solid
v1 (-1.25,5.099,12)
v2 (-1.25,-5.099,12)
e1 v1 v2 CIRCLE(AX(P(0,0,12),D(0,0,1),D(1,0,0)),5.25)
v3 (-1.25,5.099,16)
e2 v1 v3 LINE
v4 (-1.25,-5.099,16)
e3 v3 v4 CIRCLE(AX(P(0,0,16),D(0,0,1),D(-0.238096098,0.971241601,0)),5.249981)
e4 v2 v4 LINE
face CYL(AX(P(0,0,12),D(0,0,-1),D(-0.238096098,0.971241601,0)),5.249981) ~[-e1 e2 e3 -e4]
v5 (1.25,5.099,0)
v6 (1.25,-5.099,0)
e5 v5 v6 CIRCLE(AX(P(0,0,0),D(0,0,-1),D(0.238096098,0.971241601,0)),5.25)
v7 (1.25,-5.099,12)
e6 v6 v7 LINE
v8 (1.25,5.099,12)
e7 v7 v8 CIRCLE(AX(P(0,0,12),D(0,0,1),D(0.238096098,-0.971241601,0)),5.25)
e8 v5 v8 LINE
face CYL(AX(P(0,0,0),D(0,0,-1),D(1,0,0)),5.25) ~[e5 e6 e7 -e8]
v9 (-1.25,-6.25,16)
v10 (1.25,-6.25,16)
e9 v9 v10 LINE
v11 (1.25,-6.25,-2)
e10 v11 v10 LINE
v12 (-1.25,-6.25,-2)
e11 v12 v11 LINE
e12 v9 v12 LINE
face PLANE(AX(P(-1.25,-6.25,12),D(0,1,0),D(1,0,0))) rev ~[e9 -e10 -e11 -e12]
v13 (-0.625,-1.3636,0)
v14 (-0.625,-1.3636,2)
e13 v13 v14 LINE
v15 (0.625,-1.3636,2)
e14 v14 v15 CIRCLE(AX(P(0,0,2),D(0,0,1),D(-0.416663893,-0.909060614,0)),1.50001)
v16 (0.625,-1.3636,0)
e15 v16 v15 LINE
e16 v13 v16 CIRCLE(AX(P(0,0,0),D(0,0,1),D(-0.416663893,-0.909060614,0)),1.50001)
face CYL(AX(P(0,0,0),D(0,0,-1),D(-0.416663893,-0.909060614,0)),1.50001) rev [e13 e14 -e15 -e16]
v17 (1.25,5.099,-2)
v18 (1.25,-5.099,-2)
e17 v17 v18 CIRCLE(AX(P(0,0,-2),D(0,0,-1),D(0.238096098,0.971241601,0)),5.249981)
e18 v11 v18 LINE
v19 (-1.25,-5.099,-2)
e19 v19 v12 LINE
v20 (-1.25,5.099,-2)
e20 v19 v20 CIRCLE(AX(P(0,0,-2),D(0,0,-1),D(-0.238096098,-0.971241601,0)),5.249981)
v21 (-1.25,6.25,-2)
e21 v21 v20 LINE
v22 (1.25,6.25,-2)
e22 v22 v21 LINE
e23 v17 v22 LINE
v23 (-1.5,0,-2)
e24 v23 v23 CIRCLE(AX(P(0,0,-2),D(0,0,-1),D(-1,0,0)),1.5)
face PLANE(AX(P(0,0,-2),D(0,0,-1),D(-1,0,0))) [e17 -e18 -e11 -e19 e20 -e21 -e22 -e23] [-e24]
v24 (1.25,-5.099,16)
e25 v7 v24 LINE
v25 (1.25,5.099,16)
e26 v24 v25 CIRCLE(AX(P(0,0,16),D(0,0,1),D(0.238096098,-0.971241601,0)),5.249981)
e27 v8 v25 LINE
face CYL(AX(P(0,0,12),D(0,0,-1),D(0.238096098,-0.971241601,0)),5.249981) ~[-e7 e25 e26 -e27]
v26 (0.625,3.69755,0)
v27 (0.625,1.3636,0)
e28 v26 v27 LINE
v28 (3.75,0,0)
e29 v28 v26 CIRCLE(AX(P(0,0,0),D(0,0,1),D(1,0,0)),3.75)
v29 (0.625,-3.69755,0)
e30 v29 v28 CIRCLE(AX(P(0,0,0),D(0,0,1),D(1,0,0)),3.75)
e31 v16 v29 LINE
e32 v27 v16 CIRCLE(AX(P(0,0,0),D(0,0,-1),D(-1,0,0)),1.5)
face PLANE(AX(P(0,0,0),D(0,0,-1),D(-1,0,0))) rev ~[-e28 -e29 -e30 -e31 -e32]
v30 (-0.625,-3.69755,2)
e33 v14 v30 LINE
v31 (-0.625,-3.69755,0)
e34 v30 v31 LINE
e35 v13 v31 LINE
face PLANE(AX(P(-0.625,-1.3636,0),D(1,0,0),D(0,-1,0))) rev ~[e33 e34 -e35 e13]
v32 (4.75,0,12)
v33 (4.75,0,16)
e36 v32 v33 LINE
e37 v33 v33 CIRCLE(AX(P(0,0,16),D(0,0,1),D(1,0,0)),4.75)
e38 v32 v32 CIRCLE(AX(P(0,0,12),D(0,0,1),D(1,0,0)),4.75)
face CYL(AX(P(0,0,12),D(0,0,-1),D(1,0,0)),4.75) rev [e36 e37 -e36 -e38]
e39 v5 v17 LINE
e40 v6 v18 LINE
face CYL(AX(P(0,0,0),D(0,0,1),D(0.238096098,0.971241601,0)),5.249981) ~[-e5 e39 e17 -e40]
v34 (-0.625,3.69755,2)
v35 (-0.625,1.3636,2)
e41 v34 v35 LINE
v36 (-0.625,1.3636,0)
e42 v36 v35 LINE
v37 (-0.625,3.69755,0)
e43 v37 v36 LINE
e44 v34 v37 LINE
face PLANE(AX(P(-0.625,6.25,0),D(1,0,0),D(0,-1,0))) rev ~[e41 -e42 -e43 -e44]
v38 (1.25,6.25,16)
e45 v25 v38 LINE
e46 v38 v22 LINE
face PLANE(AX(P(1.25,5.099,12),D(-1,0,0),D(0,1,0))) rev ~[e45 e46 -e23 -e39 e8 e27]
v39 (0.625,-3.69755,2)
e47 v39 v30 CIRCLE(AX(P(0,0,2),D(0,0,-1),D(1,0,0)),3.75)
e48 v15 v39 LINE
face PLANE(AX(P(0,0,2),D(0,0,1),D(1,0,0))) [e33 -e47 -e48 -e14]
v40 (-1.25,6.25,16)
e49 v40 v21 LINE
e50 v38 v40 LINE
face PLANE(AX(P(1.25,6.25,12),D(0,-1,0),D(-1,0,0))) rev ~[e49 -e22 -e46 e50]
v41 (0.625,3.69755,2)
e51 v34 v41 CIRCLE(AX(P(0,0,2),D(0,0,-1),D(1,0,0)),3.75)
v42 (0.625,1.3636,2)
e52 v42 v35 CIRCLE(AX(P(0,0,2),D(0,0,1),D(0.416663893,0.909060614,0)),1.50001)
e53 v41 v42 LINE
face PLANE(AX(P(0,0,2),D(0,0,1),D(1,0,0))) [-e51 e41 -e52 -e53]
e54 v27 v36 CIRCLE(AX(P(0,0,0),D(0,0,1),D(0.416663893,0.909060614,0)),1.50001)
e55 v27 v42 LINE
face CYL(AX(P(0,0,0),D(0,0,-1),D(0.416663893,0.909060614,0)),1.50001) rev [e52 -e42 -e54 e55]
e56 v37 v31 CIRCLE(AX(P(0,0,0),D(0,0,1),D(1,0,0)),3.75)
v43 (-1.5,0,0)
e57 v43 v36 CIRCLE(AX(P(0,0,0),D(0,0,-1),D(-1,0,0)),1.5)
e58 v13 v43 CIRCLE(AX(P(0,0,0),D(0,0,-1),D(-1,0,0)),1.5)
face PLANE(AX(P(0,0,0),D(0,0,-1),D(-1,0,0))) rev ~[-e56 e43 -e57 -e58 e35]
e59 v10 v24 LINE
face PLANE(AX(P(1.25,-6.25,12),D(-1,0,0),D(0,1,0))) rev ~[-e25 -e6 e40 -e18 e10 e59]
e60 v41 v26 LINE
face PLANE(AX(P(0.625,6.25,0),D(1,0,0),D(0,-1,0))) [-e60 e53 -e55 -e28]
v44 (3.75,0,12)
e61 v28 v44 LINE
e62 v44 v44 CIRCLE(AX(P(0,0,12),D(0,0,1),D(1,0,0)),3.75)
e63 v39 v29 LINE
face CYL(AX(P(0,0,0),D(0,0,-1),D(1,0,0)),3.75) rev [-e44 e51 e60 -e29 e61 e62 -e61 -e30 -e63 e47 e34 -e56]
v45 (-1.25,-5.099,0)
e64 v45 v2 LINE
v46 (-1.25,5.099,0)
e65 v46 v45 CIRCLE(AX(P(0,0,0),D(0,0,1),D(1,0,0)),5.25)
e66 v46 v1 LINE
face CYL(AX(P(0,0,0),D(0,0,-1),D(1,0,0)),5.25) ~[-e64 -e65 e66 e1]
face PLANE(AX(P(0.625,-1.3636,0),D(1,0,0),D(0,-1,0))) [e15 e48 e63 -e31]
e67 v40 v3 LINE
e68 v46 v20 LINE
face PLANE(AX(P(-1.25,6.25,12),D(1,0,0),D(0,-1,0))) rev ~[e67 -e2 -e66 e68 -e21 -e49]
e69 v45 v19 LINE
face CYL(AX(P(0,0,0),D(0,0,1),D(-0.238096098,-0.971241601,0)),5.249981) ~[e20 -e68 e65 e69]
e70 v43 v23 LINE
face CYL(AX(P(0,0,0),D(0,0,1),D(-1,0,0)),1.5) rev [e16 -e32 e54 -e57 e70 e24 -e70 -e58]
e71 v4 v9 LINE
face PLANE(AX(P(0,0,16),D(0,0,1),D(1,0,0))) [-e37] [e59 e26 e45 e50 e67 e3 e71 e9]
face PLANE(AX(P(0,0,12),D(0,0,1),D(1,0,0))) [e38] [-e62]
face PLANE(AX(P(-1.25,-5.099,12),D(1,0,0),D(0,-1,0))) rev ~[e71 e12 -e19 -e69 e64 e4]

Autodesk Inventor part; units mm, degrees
ref_plane "YZ Plane" through (0, 0, 0) normal (1, 0, 0) x (0, 1, 0)
ref_plane "XZ Plane" through (0, 0, 0) normal (0, 1, 0) x (-1, 0, 0)
ref_plane "XY Plane" through (0, 0, 0) normal (0, 0, 1) x (1, 0, 0)
sketch "Sketch1" plane through (0, 0, 0) normal (0, 0, 1) x (1, 0, 0)
  circle A0 centre (0, 0) radius 3.75
  line L0 (1.25, -6.25) -> (-1.25, -6.25)
  line L1 (-1.25, -6.25) -> (-1.25, 6.25) construction
  line L2 (-1.25, 6.25) -> (1.25, 6.25)
  line L3 (1.25, 6.25) -> (1.25, -6.25) construction
  circle A1 centre (0, 0) radius 5.25
  line L4 (1.25, -5.099) -> (1.25, -6.25)
  line L5 (-1.25, -6.25) -> (-1.25, -5.099)
  line L6 (-1.25, 6.25) -> (-1.25, 5.099)
  line L7 (1.25, 6.25) -> (1.25, 5.099)
  arc A2 (-1.25, -5.099) -> (1.25, -5.099) centre (0, 0) ccw
  arc A3 (1.25, 5.099) -> (-1.25, 5.099) centre (0, 0) ccw
  point P0 (0, 6.25)
  point P1 (1.25, 0)
  dimension "d1" = 7.5
  dimension "d10" = 2.5
  dimension "d11" = 12.5
  dimension "d12" = 10.5
extrude "Extrusion1" add sketch "Sketch1" along normal blind 12
sketch "Sketch5" plane through (0, 0, 0) normal (0, 0, -1) x (-1, 0, 0)
  circle A0 centre (0, 0) radius 3.75 projected
  circle A1 centre (0, 0) radius 3.75 projected
  line L0 (-1.25, -6.25) -> (-1.25, -5.099) projected
  line L1 (1.25, -6.25) -> (-1.25, -6.25) projected
  line L2 (1.25, -5.099) -> (1.25, -6.25) projected
  arc A2 (1.25, -5.099) -> (1.25, 5.099) centre (0, 0) ccw projected
  line L3 (1.25, 6.25) -> (1.25, 5.099) projected
  line L4 (-1.25, 6.25) -> (1.25, 6.25) projected
  line L5 (-1.25, 5.099) -> (-1.25, 6.25) projected
  arc A3 (-1.25, 5.099) -> (-1.25, -5.099) centre (0, 0) ccw projected
  circle A4 centre (0, 0) radius 1.5
  dimension "d13" = 3
extrude "Extrusion4" add sketch "Sketch5" along normal blind 2 contours A0 | L0 A3 L5 L4 L3 A2 L2 L1
sketch "Sketch6" plane through (0, 0, 0) normal (0, 0, 1) x (1, 0, 0)
  line L0 (0.625, 6.25) -> (-0.625, 6.25)
  line L1 (-0.625, 6.25) -> (-0.625, -6.25) construction
  line L2 (-0.625, -6.25) -> (0.625, -6.25)
  line L3 (0.625, -6.25) -> (0.625, 6.25) construction
  line L4 (-1.25, 6.25) -> (1.25, 6.25) projected
  circle A0 centre (0, 0) radius 1.5 construction
  arc A1 (0.625, 1.3636) -> (-0.625, 1.3636) centre (0, 0) ccw
  arc A2 (-0.625, -1.3636) -> (0.625, -1.3636) centre (0, 0) ccw
  line L5 (0.625, 6.25) -> (0.625, 1.3636)
  line L6 (-0.625, 6.25) -> (-0.625, 1.3636)
  line L7 (0.625, -1.3636) -> (0.625, -6.25)
  line L8 (-0.625, -1.3636) -> (-0.625, -6.25)
  point P0 (0, 0)
  point P1 (0, 6.25)
  point P2 (0.625, 0)
  dimension "d16" = 1.25
extrude "Extrusion5" add sketch "Sketch6" along normal blind 2
sketch "Sketch9" plane through (0, 0, 12) normal (0, 0, 1) x (1, 0, 0)
  circle A0 centre (0, 0) radius 3.75 construction
  line L0 (1.25, -6.25) -> (1.25, -5.099) projected
  arc A1 (1.25, -5.099) -> (1.25, 5.099) centre (0, 0) ccw projected
  line L1 (1.25, 5.099) -> (1.25, 6.25) projected
  line L2 (1.25, 6.25) -> (-1.25, 6.25) projected
  line L3 (-1.25, 6.25) -> (-1.25, 5.099) projected
  arc A2 (-1.25, 5.099) -> (-1.25, -5.099) centre (0, 0) ccw projected
  line L4 (-1.25, -5.099) -> (-1.25, -6.25) projected
  line L5 (-1.25, -6.25) -> (1.25, -6.25) projected
  circle A3 centre (0, 0) radius 4.75
  dimension "d23" = 9.5
extrude "Extrusion7" add sketch "Sketch9" along normal blind 4
properties part number "AA042" material "ABS Plastic"
